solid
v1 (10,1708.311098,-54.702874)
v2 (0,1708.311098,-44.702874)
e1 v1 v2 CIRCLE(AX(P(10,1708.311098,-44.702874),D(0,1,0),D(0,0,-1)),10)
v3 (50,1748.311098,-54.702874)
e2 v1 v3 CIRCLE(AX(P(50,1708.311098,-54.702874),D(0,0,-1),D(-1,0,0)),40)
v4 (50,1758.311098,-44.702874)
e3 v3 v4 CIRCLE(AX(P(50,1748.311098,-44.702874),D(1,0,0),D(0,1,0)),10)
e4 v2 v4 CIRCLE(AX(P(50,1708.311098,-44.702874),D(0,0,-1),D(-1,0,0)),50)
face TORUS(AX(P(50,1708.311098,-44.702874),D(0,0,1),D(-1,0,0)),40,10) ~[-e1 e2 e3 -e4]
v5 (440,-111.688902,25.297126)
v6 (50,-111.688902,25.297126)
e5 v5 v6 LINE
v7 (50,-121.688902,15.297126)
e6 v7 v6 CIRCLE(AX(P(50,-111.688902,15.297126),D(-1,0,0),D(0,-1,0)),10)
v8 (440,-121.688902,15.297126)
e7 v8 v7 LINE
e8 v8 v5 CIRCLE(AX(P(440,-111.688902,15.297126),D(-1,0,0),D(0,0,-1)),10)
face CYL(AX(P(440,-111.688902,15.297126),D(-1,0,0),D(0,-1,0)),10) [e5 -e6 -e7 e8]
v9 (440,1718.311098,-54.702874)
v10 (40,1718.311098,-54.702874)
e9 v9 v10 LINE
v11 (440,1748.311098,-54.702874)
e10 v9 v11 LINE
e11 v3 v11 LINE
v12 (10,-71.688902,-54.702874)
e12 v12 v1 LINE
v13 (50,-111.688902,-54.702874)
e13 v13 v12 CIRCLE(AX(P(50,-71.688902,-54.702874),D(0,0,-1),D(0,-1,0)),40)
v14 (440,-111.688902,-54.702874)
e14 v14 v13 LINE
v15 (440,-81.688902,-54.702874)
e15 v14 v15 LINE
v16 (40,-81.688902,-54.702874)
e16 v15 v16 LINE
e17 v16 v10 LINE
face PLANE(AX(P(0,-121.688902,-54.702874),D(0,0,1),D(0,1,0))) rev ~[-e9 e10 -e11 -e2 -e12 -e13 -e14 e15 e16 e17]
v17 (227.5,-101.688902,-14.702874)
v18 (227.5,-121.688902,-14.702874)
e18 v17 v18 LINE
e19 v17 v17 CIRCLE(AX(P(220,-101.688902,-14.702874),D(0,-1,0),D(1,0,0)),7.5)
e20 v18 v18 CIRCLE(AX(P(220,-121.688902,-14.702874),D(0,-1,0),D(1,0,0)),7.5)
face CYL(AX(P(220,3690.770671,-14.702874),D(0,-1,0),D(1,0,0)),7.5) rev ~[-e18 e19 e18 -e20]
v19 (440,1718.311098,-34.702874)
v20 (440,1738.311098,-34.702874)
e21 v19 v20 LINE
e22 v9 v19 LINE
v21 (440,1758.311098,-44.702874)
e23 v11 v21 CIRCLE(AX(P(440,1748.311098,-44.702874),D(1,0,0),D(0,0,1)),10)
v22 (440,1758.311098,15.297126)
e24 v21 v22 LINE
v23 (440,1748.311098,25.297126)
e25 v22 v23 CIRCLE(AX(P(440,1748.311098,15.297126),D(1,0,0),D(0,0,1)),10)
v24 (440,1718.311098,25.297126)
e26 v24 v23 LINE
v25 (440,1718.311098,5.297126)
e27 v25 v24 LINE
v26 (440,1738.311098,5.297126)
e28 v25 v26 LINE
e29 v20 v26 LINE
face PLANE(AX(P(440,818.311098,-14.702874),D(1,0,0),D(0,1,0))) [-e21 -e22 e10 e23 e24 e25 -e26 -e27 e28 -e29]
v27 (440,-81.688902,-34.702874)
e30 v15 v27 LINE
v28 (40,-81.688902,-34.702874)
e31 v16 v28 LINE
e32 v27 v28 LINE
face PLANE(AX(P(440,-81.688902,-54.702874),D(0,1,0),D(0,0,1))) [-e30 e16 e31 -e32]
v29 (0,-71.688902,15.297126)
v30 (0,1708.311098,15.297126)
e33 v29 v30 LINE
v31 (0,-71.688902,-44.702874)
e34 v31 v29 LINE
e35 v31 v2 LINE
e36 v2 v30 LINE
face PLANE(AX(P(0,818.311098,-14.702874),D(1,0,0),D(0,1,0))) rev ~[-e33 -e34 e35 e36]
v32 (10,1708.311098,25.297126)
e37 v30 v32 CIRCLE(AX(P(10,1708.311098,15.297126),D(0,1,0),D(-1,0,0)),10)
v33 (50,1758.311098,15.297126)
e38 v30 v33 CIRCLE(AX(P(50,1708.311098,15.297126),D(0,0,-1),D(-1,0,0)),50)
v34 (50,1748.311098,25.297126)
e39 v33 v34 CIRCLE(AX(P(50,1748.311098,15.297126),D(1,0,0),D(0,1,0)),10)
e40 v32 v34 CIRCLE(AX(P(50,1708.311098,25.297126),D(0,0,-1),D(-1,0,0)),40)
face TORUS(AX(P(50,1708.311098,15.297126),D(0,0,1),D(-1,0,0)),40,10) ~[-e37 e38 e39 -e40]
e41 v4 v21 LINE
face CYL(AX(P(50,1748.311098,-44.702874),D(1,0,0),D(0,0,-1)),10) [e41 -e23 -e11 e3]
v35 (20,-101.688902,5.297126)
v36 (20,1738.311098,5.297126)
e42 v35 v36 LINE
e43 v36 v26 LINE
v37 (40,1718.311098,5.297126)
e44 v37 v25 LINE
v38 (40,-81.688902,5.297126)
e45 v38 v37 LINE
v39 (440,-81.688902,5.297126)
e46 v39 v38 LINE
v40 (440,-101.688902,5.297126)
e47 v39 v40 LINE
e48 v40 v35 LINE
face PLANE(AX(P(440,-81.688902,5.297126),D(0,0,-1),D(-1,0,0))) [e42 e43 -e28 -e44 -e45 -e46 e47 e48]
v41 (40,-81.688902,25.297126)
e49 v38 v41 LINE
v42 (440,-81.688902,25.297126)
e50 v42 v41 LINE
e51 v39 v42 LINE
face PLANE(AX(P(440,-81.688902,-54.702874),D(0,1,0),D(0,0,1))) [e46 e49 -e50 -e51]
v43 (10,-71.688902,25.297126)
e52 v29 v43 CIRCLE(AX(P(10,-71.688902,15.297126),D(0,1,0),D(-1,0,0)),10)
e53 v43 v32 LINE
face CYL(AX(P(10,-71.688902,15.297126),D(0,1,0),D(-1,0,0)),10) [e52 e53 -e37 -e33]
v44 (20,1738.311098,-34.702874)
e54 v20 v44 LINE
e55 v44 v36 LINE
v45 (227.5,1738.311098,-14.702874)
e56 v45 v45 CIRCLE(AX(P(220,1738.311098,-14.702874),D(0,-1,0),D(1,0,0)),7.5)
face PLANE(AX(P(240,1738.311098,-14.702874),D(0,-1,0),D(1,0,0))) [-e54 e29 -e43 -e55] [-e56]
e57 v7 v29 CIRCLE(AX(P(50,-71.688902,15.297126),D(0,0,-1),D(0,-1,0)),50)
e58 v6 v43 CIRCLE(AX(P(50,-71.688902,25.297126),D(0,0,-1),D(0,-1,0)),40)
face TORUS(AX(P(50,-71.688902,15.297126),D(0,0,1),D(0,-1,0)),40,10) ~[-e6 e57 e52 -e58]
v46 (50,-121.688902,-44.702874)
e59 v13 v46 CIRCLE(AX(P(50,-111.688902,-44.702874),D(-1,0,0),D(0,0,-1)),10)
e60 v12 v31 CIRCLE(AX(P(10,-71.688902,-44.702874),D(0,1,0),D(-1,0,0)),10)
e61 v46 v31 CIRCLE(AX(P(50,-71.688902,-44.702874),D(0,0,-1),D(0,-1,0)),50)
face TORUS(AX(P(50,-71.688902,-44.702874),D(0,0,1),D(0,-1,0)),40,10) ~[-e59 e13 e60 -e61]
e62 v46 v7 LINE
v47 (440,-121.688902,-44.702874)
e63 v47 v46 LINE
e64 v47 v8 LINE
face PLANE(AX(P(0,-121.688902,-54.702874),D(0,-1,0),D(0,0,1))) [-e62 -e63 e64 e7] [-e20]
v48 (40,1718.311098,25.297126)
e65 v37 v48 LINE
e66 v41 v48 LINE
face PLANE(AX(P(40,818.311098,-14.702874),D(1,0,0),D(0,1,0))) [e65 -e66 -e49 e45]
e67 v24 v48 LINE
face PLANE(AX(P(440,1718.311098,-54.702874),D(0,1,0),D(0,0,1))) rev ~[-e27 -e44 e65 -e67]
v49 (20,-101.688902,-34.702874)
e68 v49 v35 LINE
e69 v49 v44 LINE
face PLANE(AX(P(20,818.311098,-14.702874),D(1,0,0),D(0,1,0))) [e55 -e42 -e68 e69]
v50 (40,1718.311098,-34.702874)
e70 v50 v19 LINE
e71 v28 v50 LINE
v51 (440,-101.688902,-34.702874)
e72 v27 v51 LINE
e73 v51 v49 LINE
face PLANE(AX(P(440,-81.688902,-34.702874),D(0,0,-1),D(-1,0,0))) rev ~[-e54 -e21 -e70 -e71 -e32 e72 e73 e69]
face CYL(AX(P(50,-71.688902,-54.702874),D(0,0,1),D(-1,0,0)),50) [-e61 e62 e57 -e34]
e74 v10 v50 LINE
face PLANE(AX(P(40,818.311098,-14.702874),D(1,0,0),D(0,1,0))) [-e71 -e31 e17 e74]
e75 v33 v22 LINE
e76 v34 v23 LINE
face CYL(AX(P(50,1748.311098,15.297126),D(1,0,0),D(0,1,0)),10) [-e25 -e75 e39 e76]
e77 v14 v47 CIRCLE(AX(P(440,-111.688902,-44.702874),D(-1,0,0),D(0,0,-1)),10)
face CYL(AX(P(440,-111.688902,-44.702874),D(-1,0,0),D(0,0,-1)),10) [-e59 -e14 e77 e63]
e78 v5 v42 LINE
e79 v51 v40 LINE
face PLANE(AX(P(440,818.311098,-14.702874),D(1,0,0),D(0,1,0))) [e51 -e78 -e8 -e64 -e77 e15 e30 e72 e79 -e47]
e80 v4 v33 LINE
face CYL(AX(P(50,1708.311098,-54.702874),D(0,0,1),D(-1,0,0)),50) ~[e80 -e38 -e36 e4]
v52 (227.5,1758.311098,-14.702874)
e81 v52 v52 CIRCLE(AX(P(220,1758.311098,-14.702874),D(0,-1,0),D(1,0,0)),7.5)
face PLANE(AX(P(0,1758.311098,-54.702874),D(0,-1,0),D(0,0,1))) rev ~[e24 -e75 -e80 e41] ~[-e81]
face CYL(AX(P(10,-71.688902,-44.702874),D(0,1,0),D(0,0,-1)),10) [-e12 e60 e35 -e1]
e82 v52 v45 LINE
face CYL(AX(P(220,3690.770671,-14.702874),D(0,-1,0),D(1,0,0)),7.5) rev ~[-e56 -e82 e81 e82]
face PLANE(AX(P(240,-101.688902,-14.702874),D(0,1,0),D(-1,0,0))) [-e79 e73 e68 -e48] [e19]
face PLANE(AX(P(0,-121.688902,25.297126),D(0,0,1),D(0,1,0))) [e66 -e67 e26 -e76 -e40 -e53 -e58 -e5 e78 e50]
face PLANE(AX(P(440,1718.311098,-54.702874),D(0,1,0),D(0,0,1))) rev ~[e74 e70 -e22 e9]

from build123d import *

# Parameters (mm, degrees)
F0_W     = 1880
F0_H     = 80
F1_DEPTH = 440
F2_W     = 1800
F2_H     = 80
F3_DEPTH = 400
F4_W     = 400
F4_H     = 40
F5_DEPTH = 20
F6_W     = 400
F6_H     = 40
F7_DEPTH = 20
F8_W     = 1840
F8_H     = 40
F9_DEPTH = 20
F11_D    = 15
F12_R    = 50
F13_R    = 50
F14_R    = 10


with BuildPart() as f1:
    # F0 (on Right) → F1 (new body)
    with BuildSketch(Plane.YZ):
        with Locations((818.311098, -14.702874)):
            Rectangle(F0_W, F0_H)
    extrude(amount=F1_DEPTH)

    # F2 (on face) → F3 (cut)
    with BuildSketch(Plane.YZ.offset(440)):
        with Locations((818.311098, -14.702874)):
            Rectangle(F2_W, F2_H)
    extrude(amount=-F3_DEPTH, mode=Mode.SUBTRACT)

    # F4 (on face) → F5 (cut)
    with BuildSketch(Plane.XZ.offset(-1718.311098)):
        with Locations((240, -14.702874)):
            Rectangle(F4_W, F4_H)
    extrude(amount=-F5_DEPTH, mode=Mode.SUBTRACT)

    # F6 (on face) → F7 (cut)
    with BuildSketch(Plane(origin=(0, -81.688902, 0), x_dir=(-1, 0, 0), z_dir=(0, 1, 0))):
        with Locations((-240, -14.702874)):
            Rectangle(F6_W, F6_H)
    extrude(amount=-F7_DEPTH, mode=Mode.SUBTRACT)

    # F8 (on face) → F9 (cut)
    with BuildSketch(Plane.YZ.offset(40)):
        with Locations((818.311098, -14.702874)):
            Rectangle(F8_W, F8_H)
    extrude(amount=-F9_DEPTH, mode=Mode.SUBTRACT)

    # F11 (through all)
    with Locations(Plane(origin=(0, 1758.311098, 0), x_dir=(-1, 0, 0), z_dir=(0, 1, 0))):
        with Locations((-220, -14.702874)):
            Hole(F11_D / 2)

    # F12
    f12_edges = [f1.edges().sort_by_distance(p)[0] for p in [
        (0, 1758.311098, -14.702874),
    ]]
    fillet(f12_edges, radius=F12_R)

    # F13
    f13_edges = [f1.edges().sort_by_distance(p)[0] for p in [
        (0, -121.688902, -14.702874),
    ]]
    fillet(f13_edges, radius=F13_R)

    # F14
    f14_edges = [f1.edges().sort_by_distance(p)[0] for p in [
        (0, 818.311098, -54.702874),
        (0, 818.311098, 25.297126),
    ]]
    fillet(f14_edges, radius=F14_R)


solid = f1.part
